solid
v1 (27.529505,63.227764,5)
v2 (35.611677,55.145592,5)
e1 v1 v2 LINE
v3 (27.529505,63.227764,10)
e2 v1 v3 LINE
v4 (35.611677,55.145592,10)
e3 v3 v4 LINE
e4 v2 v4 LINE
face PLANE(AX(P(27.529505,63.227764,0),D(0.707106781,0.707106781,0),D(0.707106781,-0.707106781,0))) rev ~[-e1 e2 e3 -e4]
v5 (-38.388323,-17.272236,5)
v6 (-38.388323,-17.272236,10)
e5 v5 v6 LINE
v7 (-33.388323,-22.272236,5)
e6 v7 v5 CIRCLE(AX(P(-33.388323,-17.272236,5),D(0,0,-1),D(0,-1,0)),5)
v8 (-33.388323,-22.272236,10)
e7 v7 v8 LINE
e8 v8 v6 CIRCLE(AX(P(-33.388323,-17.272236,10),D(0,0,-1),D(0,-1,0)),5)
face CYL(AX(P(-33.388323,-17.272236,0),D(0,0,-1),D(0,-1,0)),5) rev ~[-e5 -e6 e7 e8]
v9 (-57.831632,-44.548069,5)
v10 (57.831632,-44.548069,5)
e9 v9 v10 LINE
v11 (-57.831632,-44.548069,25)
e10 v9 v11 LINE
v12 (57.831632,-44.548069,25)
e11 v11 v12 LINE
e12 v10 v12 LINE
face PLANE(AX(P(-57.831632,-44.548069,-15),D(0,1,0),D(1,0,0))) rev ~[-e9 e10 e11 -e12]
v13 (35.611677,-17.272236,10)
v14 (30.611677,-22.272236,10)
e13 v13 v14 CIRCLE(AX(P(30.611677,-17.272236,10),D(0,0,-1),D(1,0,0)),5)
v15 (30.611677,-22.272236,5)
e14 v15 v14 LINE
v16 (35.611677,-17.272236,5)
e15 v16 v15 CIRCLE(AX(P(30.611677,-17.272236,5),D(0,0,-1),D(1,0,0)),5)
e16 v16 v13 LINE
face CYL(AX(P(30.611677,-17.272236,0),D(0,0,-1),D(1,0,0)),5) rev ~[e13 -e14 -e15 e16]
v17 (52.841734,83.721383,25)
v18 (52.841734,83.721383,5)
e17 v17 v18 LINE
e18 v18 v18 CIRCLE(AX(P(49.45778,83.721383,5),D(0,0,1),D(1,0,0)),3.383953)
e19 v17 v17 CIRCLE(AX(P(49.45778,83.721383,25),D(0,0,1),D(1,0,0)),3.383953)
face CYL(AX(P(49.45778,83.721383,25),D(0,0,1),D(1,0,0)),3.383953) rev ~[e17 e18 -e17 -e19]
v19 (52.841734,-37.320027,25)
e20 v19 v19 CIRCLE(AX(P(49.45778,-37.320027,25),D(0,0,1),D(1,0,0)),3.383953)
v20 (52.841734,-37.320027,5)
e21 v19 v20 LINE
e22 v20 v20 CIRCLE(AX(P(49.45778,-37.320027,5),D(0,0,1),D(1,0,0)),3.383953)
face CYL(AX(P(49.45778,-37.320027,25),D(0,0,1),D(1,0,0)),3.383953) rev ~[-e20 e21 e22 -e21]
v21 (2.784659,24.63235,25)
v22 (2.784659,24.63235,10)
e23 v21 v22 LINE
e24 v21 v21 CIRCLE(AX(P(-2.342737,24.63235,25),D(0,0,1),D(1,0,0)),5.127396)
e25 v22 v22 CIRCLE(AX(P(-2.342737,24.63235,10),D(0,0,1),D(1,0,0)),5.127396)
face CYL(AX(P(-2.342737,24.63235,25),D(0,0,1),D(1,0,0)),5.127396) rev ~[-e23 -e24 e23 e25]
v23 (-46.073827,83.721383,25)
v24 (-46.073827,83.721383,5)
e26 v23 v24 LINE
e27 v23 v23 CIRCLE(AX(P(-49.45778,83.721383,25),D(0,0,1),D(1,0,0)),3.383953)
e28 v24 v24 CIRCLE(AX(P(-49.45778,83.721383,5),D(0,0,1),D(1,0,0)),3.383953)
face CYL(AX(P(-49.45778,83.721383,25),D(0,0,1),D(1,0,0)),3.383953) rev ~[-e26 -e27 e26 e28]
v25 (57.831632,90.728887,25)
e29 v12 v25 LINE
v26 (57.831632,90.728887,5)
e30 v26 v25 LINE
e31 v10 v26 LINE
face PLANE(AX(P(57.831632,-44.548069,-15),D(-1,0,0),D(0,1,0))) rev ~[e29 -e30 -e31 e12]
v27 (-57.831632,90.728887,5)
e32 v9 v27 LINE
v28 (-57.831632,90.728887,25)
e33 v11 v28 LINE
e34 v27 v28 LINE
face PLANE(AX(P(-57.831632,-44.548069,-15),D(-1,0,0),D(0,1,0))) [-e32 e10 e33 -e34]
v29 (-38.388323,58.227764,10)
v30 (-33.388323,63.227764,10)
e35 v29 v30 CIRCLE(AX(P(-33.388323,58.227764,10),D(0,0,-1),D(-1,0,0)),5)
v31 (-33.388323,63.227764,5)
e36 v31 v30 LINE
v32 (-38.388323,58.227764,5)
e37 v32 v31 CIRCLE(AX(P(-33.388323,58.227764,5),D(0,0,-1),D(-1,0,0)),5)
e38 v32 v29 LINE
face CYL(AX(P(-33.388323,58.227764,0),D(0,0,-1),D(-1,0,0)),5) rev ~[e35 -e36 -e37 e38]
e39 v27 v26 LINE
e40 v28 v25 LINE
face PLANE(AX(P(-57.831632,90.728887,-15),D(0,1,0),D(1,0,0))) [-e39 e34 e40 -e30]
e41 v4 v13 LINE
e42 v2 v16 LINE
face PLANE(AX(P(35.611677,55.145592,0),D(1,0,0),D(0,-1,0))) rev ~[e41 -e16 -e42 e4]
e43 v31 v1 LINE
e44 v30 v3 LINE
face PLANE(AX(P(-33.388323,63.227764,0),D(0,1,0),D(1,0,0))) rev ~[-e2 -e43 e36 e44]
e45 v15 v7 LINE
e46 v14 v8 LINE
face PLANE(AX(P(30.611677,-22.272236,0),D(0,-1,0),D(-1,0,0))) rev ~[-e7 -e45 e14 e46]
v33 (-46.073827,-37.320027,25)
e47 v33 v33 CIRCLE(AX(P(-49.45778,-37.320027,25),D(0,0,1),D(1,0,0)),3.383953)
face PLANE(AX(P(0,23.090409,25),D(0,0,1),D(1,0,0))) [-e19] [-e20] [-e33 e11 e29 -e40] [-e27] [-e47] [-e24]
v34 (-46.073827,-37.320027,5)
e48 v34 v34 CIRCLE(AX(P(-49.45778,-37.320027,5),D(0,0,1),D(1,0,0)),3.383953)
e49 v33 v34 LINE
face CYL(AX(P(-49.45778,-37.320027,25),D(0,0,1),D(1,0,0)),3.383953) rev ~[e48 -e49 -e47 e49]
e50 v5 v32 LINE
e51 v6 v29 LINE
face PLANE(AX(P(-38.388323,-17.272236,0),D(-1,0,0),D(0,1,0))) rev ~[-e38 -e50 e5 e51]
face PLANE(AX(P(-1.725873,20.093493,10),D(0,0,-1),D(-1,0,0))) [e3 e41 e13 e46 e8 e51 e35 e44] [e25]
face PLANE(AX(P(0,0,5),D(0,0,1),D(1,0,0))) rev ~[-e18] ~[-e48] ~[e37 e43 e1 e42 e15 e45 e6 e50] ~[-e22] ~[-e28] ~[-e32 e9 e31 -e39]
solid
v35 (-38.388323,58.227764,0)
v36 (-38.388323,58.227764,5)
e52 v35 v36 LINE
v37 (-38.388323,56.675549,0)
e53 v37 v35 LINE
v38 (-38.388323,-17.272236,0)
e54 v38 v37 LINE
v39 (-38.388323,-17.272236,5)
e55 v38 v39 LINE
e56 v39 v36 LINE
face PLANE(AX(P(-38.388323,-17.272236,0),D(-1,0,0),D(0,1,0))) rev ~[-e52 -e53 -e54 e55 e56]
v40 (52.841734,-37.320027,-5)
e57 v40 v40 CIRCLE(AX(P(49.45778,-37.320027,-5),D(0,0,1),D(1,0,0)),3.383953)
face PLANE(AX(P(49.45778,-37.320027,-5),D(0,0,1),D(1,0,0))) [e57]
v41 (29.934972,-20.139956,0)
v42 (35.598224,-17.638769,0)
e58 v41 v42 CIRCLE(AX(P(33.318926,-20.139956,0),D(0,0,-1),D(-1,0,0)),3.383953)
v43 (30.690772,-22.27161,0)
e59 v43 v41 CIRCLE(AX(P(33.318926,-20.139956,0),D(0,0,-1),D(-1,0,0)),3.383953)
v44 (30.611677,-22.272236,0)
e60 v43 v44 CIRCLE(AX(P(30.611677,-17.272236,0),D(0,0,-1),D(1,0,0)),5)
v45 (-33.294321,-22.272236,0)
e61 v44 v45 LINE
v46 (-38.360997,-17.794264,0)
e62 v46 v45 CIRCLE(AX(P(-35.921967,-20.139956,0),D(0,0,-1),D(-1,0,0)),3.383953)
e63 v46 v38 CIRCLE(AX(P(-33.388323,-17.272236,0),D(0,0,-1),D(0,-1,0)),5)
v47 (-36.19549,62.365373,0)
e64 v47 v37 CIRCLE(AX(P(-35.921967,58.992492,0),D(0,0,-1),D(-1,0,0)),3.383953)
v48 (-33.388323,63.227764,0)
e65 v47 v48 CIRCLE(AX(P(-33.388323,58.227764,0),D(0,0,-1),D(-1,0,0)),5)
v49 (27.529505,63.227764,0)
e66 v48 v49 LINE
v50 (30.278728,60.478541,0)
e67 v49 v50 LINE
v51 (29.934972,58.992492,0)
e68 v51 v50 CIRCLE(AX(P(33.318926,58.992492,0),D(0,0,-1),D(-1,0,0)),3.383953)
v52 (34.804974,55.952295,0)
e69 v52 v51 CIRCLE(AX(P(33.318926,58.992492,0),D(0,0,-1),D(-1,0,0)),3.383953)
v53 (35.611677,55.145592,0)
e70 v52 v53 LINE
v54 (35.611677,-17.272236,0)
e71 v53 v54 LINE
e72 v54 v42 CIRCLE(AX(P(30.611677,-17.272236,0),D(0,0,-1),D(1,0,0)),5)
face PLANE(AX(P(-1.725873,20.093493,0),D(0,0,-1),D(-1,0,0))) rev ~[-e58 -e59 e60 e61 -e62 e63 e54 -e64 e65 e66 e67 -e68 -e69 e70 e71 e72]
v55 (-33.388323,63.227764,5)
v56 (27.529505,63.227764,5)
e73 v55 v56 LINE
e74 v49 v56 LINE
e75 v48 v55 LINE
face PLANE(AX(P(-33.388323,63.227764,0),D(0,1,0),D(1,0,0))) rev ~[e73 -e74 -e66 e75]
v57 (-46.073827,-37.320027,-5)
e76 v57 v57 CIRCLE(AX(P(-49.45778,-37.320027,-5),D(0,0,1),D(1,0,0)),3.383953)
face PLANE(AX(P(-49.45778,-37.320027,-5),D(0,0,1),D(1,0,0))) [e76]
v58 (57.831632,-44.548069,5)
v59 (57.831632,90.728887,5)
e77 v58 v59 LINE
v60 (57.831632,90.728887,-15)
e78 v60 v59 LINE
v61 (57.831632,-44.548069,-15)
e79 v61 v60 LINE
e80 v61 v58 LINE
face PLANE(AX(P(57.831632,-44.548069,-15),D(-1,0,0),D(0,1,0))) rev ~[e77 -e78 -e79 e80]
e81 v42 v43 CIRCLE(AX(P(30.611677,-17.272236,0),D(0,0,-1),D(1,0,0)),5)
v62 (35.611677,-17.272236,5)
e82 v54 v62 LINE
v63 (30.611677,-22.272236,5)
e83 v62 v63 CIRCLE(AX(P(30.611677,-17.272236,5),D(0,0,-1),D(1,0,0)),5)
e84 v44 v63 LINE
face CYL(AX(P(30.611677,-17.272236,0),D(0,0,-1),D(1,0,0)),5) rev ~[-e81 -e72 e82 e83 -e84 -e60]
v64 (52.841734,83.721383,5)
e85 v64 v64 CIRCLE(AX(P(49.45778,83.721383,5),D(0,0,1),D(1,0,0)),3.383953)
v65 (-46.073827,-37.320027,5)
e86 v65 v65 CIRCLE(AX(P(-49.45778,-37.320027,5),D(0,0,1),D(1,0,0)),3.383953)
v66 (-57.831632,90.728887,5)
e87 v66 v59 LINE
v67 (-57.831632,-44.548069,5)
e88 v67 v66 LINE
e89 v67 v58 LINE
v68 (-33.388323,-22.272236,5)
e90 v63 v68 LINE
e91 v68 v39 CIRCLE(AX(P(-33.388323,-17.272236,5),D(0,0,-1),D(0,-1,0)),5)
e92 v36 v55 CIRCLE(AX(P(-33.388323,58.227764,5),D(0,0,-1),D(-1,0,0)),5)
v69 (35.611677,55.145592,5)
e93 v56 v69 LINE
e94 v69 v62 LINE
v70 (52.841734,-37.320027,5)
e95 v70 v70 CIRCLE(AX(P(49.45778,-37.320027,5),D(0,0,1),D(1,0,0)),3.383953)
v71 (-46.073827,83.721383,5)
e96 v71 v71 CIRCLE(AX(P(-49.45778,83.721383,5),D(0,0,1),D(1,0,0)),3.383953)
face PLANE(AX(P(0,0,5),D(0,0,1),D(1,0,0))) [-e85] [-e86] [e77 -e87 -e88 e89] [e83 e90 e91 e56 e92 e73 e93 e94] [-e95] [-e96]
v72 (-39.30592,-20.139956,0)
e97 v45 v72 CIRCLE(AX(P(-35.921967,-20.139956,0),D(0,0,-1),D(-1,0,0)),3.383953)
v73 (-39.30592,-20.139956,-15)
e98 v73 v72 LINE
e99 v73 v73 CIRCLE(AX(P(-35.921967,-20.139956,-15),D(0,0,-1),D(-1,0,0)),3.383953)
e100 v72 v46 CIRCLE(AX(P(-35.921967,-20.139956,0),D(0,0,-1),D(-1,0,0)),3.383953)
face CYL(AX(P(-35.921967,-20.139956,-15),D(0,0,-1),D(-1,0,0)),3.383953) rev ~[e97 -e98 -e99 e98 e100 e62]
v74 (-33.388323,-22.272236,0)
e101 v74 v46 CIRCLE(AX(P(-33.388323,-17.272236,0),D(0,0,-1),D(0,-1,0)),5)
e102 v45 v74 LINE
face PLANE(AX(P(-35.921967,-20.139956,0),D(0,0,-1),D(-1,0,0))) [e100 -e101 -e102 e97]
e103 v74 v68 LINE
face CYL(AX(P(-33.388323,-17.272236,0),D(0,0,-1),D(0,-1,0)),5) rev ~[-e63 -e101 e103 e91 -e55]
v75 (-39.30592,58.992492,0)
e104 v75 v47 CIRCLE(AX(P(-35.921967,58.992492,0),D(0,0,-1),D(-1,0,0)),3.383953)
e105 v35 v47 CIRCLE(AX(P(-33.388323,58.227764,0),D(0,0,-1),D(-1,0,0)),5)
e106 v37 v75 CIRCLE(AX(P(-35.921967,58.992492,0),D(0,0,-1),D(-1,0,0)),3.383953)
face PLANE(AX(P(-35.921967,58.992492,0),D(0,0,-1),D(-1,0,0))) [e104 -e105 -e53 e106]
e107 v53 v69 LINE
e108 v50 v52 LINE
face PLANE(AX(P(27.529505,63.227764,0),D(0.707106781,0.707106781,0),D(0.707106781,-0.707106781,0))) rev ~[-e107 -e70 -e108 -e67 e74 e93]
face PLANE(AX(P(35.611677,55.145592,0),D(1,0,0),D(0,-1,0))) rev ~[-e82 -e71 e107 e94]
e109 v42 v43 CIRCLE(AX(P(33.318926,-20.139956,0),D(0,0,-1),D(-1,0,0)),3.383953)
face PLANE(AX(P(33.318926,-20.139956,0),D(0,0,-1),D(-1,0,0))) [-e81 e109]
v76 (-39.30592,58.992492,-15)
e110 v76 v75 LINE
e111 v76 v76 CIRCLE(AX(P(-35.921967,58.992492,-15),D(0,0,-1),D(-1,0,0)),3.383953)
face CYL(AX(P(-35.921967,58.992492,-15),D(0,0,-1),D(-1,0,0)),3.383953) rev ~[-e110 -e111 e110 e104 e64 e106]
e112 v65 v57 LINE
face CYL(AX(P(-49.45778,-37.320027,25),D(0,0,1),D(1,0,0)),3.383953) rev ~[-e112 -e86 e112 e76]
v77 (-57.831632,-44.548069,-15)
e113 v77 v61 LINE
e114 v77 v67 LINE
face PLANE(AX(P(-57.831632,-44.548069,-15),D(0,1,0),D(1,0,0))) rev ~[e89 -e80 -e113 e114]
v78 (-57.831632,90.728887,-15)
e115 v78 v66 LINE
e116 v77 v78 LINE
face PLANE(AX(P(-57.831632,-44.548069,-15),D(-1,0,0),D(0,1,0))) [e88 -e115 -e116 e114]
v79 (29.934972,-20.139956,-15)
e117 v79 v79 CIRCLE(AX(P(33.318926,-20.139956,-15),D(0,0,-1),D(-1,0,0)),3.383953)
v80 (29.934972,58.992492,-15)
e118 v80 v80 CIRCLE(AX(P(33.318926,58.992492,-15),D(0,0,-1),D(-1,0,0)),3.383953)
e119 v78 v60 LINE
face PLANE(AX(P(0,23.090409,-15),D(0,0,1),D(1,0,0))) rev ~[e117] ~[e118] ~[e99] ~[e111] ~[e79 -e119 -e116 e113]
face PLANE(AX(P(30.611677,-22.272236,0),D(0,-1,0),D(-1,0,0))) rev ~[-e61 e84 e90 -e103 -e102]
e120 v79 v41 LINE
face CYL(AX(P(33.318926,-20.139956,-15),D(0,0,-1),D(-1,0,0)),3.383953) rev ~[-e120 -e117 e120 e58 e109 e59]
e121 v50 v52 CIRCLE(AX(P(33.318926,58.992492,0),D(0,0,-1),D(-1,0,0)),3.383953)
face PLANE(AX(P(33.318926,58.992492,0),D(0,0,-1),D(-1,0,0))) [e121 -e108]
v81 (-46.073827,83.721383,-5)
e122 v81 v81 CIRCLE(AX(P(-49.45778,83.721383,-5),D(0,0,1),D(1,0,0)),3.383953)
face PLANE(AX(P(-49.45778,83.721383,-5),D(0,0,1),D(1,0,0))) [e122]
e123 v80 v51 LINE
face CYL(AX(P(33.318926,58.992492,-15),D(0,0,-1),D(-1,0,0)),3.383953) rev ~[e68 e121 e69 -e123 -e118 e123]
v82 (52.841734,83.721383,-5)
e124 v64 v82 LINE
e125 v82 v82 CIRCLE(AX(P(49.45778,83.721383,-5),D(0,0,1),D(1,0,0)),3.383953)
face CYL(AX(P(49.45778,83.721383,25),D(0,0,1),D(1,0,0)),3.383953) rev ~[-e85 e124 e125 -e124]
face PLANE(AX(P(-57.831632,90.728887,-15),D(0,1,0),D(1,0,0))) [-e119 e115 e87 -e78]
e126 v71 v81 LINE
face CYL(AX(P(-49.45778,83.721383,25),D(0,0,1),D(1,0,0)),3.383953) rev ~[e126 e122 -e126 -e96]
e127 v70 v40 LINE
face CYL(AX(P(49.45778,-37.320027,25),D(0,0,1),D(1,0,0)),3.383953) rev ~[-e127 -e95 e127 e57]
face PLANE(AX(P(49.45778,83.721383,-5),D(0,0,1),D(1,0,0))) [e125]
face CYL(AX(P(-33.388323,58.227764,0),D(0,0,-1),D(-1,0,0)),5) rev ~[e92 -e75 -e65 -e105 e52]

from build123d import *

# Parameters (mm, degrees)
BOSS_EXTRU_1_DEPTH      = 10
BOSS_EXTRU_3_DEPTH      = 20
BOSS_EXTRU_3_DEPTH_BACK = 20
ESQUISSE3_W             = 115.663264596
ESQUISSE3_H             = 135.276956668
ESQUISSE4_R             = 3.383953379
ENL_V_MAT_EXTRU_1_DEPTH = 30
ESQUISSE5_R             = 5.127396252
ENL_V_MAT_EXTRU_2_DEPTH = 15
ESQUISSE6_R             = 3.383953379
ENL_V_MAT_EXTRU_3_DEPTH = 15


with BuildPart() as part:
    # Esquisse1 → Boss.-Extru.1 (new body)
    with BuildSketch(Plane.XY):
        with BuildLine():
            ThreePointArc((-33.388322981, -22.272236025), (-36.923856887, -20.807769931), (-38.388322981, -17.272236025))
            Line((-38.388322981, -17.272236025), (-38.388322981, 58.227763975))
            ThreePointArc((-38.388322981, 58.227763975), (-36.923856887, 61.763297881), (-33.388322981, 63.227763975))
            Line((-33.388322981, 63.227763975), (27.529505312, 63.227763975))
            Line((27.529505312, 63.227763975), (35.611677019, 55.145592268))
            Line((35.611677019, 55.145592268), (35.611677019, -17.272236025))
            ThreePointArc((35.611677019, -17.272236025), (34.147210925, -20.807769931), (30.611677019, -22.272236025))
            Line((30.611677019, -22.272236025), (-33.388322981, -22.272236025))
        make_face()
    extrude(amount=BOSS_EXTRU_1_DEPTH)


with BuildPart() as body_2:
    # Esquisse3 → Boss.-Extru.3 (new, two sides: drawn at the far end of the back side and taken through both)
    with BuildSketch(Plane.XY.offset(5).offset(-BOSS_EXTRU_3_DEPTH_BACK)):
        with Locations((0, 23.090409061)):
            Rectangle(ESQUISSE3_W, ESQUISSE3_H)
    extrude(amount=BOSS_EXTRU_3_DEPTH + BOSS_EXTRU_3_DEPTH_BACK)

    # Combiner2: cut part
    add(part.part, mode=Mode.SUBTRACT)


with BuildPart() as body_2_2:
    # Fractionner2: the piece on the far side of the plane
    add(body_2.part)
    split(bisect_by=Plane.XY.offset(5), keep=Keep.BOTTOM)


with BuildPart() as body_2_1:
    add(body_2.part)

    # Fractionner2
    split(bisect_by=Plane.XY.offset(5), keep=Keep.TOP)


with BuildPart() as enl_v_mat_extru_1_tool:
    # Esquisse4 → Enlèv. mat.-Extru.1 (new body)
    with BuildSketch(Plane.XY.offset(25)):
        with Locations((-49.457780158, 83.721382539)):
            Circle(ESQUISSE4_R)
        with Locations((49.457780158, 83.721382539)):
            Circle(ESQUISSE4_R)
        with Locations((-49.457780158, -37.320026794)):
            Circle(ESQUISSE4_R)
        with Locations((49.457780158, -37.320026794)):
            Circle(ESQUISSE4_R)
    extrude(amount=-ENL_V_MAT_EXTRU_1_DEPTH)


with BuildPart() as body_2_3:
    add(body_2_1.part)

    # Enlèv. mat.-Extru.1: cut by enl_v_mat_extru_1_tool
    add(enl_v_mat_extru_1_tool.part, mode=Mode.SUBTRACT)

    # Esquisse5 → Enlèv. mat.-Extru.2 (cut)
    with BuildSketch(Plane.XY.offset(25)):
        with Locations((-2.342736955, 24.632350456)):
            Circle(ESQUISSE5_R)
    extrude(amount=-ENL_V_MAT_EXTRU_2_DEPTH, mode=Mode.SUBTRACT)


with BuildPart() as body_2_2_1:
    add(body_2_2.part)

    # Enlèv. mat.-Extru.1: cut by enl_v_mat_extru_1_tool
    add(enl_v_mat_extru_1_tool.part, mode=Mode.SUBTRACT)

    # Esquisse6 → Enlèv. mat.-Extru.3 (cut)
    with BuildSketch(Plane(origin=(0, 0, -15), x_dir=(-1, 0, 0), z_dir=(0, 0, -1))):
        with Locations((-33.31892558, 58.99249246)):
            Circle(ESQUISSE6_R)
        with Locations((35.921966641, 58.99249246)):
            Circle(ESQUISSE6_R)
        with Locations((-33.31892558, -20.139955792)):
            Circle(ESQUISSE6_R)
        with Locations((35.921966641, -20.139955792)):
            Circle(ESQUISSE6_R)
    extrude(amount=-ENL_V_MAT_EXTRU_3_DEPTH, mode=Mode.SUBTRACT)


solid = Compound([body_2_3.part, body_2_2_1.part])
